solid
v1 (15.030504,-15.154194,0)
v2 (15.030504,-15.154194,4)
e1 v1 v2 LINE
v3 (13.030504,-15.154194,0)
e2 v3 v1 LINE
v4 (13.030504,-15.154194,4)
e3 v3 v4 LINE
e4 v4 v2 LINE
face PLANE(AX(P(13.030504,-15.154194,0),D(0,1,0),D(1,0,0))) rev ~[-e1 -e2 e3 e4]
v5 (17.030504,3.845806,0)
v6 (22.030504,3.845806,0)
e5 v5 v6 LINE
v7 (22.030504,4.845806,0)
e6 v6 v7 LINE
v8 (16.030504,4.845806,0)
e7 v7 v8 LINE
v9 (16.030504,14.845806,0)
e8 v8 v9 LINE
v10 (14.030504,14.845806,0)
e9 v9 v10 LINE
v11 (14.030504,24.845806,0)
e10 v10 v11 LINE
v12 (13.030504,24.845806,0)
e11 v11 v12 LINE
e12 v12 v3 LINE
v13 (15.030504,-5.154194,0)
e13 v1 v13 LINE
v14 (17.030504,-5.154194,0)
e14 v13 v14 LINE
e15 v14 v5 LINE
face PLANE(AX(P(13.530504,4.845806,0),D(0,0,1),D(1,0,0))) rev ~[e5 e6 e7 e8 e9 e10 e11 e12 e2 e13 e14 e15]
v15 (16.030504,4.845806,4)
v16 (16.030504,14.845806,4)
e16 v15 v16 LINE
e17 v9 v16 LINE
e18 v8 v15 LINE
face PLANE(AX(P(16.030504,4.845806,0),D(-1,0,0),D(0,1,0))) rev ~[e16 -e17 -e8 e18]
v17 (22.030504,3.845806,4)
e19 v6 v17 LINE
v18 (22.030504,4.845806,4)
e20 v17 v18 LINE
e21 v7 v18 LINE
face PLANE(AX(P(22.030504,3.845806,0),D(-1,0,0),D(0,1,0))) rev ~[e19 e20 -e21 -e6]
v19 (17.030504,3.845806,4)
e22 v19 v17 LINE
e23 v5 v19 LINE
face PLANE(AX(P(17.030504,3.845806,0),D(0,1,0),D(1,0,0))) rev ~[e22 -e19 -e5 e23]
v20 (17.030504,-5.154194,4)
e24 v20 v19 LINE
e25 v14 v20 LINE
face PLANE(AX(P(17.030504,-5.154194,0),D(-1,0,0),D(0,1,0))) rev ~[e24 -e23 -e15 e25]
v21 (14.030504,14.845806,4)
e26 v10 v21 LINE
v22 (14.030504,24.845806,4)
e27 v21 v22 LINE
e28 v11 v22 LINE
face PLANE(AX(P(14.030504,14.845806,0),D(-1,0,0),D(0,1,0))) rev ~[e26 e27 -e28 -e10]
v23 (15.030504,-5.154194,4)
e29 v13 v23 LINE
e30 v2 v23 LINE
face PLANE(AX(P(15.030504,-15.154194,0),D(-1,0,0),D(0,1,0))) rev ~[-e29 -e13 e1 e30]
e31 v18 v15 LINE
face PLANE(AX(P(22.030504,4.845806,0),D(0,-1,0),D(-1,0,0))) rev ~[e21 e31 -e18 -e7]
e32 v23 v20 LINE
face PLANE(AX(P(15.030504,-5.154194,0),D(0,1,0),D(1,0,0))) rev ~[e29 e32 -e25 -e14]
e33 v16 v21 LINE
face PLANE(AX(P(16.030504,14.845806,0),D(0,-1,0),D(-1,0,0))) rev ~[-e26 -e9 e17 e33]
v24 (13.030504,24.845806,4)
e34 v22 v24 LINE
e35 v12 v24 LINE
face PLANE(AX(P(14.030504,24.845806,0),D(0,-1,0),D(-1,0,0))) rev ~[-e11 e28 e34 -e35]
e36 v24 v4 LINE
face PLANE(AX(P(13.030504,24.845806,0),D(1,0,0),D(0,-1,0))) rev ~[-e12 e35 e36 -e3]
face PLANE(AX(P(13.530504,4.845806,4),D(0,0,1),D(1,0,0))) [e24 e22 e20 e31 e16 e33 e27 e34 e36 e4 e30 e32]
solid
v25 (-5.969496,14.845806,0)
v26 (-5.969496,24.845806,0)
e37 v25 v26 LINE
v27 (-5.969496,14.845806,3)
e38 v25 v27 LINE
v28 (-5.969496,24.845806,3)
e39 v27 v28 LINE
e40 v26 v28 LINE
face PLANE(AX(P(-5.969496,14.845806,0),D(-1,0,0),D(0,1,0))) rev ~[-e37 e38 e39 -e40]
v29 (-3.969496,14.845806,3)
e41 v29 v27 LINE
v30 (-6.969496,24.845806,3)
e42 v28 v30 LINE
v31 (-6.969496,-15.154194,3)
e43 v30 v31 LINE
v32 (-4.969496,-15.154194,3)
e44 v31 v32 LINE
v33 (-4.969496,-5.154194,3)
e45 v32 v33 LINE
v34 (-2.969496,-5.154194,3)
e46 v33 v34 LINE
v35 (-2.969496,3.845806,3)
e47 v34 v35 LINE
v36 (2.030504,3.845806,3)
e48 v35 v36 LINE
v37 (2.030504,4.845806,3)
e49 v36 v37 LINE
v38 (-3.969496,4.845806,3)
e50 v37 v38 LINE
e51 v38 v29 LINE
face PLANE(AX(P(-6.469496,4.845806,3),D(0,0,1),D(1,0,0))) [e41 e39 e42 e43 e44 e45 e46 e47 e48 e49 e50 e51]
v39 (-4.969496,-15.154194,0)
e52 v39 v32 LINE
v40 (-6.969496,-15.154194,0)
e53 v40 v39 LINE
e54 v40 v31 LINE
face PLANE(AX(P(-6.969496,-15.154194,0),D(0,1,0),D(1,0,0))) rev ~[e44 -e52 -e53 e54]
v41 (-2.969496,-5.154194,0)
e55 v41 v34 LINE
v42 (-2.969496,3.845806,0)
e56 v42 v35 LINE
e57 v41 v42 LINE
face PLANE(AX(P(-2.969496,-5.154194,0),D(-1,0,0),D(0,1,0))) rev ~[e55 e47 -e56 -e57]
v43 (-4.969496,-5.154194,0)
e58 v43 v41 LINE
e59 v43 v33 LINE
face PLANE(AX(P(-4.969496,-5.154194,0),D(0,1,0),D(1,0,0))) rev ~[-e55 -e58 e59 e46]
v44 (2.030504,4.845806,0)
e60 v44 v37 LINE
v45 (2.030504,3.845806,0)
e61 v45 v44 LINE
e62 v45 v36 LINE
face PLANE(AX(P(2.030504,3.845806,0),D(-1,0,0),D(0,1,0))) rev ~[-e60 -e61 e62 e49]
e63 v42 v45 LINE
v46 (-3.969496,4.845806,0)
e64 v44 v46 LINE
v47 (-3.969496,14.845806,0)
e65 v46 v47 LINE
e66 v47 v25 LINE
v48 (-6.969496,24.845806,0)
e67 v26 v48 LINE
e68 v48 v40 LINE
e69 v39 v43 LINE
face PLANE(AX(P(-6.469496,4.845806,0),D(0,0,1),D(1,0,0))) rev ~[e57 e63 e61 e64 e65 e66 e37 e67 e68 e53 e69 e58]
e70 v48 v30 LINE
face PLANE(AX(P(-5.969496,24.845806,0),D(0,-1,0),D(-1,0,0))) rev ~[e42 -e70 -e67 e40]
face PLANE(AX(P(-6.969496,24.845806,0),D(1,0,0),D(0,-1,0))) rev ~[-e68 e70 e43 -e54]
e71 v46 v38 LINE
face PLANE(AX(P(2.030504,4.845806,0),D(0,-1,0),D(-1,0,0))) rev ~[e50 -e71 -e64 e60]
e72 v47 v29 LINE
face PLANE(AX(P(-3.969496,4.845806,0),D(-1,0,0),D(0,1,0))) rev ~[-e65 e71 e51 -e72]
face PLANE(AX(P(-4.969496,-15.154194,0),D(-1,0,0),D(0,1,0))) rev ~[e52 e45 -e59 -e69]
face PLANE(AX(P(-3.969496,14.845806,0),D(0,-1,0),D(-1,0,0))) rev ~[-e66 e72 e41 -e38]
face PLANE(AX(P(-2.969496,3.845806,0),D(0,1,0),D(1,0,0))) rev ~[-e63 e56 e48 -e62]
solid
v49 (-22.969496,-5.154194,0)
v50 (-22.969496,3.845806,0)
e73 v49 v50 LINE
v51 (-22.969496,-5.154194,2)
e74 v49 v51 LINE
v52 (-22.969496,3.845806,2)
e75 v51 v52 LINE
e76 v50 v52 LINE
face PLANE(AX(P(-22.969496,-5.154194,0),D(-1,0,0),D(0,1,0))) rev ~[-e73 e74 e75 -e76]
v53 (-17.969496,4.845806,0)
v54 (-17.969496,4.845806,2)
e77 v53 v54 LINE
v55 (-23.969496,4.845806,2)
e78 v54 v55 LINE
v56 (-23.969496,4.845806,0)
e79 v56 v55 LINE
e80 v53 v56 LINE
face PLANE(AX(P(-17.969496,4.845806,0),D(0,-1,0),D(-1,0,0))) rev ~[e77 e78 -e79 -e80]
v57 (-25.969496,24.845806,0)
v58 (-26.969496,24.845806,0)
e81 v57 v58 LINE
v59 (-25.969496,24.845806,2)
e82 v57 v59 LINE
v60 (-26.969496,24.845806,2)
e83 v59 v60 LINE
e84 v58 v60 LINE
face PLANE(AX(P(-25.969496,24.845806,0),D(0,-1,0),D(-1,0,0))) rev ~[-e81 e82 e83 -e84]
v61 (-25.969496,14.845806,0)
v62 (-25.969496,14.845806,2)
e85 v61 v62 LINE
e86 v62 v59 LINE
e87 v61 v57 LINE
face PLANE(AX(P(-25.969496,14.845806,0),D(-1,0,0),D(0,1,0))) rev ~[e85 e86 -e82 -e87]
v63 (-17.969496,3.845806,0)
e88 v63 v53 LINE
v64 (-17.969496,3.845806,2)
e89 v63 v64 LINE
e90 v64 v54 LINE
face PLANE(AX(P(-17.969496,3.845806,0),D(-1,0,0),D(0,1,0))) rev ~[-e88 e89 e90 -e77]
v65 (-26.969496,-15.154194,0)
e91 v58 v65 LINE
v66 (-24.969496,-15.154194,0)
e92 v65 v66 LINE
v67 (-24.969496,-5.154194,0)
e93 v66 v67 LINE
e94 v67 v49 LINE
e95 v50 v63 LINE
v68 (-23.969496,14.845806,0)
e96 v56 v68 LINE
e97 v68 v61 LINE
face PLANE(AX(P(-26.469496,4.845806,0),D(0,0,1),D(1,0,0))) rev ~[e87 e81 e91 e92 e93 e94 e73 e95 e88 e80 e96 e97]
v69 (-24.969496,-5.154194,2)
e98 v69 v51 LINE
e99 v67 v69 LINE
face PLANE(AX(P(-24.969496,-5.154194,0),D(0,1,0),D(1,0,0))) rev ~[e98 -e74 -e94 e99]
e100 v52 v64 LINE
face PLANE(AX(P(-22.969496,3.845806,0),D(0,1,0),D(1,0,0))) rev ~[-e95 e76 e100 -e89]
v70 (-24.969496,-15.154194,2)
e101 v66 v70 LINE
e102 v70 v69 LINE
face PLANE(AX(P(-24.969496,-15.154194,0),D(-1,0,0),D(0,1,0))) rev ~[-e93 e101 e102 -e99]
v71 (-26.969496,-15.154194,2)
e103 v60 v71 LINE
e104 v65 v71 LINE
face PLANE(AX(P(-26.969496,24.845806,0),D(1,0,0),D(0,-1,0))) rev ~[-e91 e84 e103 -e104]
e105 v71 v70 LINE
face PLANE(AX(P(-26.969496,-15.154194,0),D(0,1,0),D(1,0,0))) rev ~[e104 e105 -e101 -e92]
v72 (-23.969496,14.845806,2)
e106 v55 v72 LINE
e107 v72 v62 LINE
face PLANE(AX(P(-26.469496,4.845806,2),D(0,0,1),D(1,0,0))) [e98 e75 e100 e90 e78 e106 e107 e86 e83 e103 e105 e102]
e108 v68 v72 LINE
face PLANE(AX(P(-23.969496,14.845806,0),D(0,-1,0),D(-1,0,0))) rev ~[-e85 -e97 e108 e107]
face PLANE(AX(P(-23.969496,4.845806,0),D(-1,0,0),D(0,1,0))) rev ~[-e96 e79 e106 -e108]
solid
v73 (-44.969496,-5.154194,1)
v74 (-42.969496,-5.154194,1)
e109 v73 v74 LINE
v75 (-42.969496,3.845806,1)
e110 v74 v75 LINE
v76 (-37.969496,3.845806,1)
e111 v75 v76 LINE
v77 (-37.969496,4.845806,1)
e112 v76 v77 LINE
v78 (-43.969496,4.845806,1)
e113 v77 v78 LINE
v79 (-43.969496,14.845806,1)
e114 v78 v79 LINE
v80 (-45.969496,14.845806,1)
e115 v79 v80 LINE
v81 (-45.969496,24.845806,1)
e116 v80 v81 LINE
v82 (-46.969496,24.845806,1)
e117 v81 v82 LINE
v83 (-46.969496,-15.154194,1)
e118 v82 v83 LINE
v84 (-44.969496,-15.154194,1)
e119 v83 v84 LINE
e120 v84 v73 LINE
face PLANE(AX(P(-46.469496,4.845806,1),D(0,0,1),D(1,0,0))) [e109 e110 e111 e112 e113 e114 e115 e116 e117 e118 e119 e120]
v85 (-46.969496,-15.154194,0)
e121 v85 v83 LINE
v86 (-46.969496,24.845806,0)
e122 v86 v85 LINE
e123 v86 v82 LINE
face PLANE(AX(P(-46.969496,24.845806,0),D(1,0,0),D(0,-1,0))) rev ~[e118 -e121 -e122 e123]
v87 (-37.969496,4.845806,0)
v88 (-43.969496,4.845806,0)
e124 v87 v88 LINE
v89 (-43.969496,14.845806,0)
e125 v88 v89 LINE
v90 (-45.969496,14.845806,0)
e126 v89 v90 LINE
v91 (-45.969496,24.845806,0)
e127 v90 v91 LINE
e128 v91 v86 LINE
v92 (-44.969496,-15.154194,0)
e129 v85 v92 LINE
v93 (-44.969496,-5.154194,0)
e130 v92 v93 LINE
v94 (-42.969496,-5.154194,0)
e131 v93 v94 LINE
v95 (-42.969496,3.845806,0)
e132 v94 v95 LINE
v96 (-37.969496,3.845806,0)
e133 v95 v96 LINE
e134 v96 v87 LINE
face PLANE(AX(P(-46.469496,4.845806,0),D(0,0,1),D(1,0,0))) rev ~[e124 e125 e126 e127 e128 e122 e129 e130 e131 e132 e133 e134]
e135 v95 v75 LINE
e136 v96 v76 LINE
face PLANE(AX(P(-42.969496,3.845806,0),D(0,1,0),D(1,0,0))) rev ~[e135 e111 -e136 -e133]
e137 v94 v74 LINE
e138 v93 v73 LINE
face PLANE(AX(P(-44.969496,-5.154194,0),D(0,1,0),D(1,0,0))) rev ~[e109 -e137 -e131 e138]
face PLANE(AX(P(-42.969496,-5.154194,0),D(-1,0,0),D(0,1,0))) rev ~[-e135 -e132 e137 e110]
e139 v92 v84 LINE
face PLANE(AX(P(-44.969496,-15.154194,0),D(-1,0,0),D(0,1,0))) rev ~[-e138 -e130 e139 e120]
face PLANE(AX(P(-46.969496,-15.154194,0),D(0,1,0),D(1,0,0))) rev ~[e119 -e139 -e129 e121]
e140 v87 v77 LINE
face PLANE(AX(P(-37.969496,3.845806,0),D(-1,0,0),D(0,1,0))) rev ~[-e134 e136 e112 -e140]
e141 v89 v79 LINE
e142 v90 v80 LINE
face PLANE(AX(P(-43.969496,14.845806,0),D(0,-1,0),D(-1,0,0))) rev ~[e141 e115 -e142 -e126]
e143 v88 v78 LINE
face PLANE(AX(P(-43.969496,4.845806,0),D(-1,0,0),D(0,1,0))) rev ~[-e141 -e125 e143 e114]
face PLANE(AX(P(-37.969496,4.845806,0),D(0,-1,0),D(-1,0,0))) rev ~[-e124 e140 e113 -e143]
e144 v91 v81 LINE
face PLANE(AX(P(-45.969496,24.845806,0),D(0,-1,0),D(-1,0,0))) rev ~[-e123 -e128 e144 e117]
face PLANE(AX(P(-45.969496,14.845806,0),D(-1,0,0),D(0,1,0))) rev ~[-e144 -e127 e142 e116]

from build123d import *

# Parameters (mm, degrees)
F1_DEPTH = 1
F2_DEPTH = 2
F3_DEPTH = 3
F4_DEPTH = 4


with BuildPart() as f1:
    # F0 (on Top) → F1 (new body)
    with BuildSketch(Plane.XY):
        Polygon((-45.969496, 24.845806), (-46.969496, 24.845806), (-46.969496, -15.154194), (-45.969496, -15.154194), (-45.969496, 14.845806), align=None)
        Polygon((-44.969496, 14.845806), (-45.969496, 14.845806), (-45.969496, -15.154194), (-44.969496, -15.154194), (-44.969496, -5.154194), align=None)
        Polygon((-43.969496, 14.845806), (-44.969496, 14.845806), (-44.969496, -5.154194), (-43.969496, -5.154194), (-43.969496, 4.845806), align=None)
        Polygon((-43.969496, 4.845806), (-43.969496, -5.154194), (-42.969496, -5.154194), (-42.969496, 3.845806), (-42.969496, 4.845806), align=None)
        Polygon((-37.969496, 4.845806), (-42.969496, 4.845806), (-42.969496, 3.845806), (-39.983839, 3.845806), (-37.969496, 3.845806), align=None)
    extrude(amount=F1_DEPTH)


with BuildPart() as f2:
    # F0 (on Top) → F2 (new body)
    with BuildSketch(Plane.XY):
        Polygon((-25.969496, 14.845806), (-25.969496, 24.845806), (-26.969496, 24.845806), (-26.969496, -15.154194), (-25.969496, -15.154194), align=None)
        Polygon((-24.969496, 14.845806), (-25.969496, 14.845806), (-25.969496, -15.154194), (-24.969496, -15.154194), (-24.969496, -5.154194), align=None)
        Polygon((-23.969496, 14.845806), (-24.969496, 14.845806), (-24.969496, -5.154194), (-23.969496, -5.154194), (-23.969496, 4.845806), align=None)
        Polygon((-23.969496, 4.845806), (-23.969496, -5.154194), (-22.969496, -5.154194), (-22.969496, 3.845806), (-22.969496, 4.845806), align=None)
        Polygon((-17.969496, 4.845806), (-22.969496, 4.845806), (-22.969496, 3.845806), (-19.983839, 3.845806), (-17.969496, 3.845806), align=None)
    extrude(amount=F2_DEPTH)


with BuildPart() as f3:
    # F0 (on Top) → F3 (new body)
    with BuildSketch(Plane.XY):
        Polygon((-5.969496, 14.845806), (-5.969496, 24.845806), (-6.969496, 24.845806), (-6.969496, -15.154194), (-5.969496, -15.154194), align=None)
        Polygon((-3.969496, 14.845806), (-4.969496, 14.845806), (-4.969496, -5.154194), (-3.969496, -5.154194), (-3.969496, 4.845806), align=None)
        Polygon((-3.969496, 4.845806), (-3.969496, -5.154194), (-2.969496, -5.154194), (-2.969496, 3.845806), (-2.969496, 4.845806), align=None)
        Polygon((-4.969496, 14.845806), (-5.969496, 14.845806), (-5.969496, -15.154194), (-4.969496, -15.154194), (-4.969496, -5.154194), align=None)
        Polygon((2.030504, 4.845806), (-2.969496, 4.845806), (-2.969496, 3.845806), (0.016161, 3.845806), (2.030504, 3.845806), align=None)
    extrude(amount=F3_DEPTH)


with BuildPart() as f4:
    # F0 (on Top) → F4 (new body)
    with BuildSketch(Plane.XY):
        Polygon((14.030504, 14.845806), (14.030504, 24.845806), (13.030504, 24.845806), (13.030504, -15.154194), (14.030504, -15.154194), align=None)
        Polygon((15.030504, 14.845806), (14.030504, 14.845806), (14.030504, -15.154194), (15.030504, -15.154194), (15.030504, -5.154194), align=None)
        Polygon((16.030504, 14.845806), (15.030504, 14.845806), (15.030504, -5.154194), (16.030504, -5.154194), (16.030504, 4.845806), align=None)
        Polygon((16.030504, 4.845806), (16.030504, -5.154194), (17.030504, -5.154194), (17.030504, 3.845806), (17.030504, 4.845806), align=None)
        Polygon((22.030504, 4.845806), (17.030504, 4.845806), (17.030504, 3.845806), (20.016161, 3.845806), (22.030504, 3.845806), align=None)
    extrude(amount=F4_DEPTH)


solid = Compound([f1.part, f2.part, f3.part, f4.part])
